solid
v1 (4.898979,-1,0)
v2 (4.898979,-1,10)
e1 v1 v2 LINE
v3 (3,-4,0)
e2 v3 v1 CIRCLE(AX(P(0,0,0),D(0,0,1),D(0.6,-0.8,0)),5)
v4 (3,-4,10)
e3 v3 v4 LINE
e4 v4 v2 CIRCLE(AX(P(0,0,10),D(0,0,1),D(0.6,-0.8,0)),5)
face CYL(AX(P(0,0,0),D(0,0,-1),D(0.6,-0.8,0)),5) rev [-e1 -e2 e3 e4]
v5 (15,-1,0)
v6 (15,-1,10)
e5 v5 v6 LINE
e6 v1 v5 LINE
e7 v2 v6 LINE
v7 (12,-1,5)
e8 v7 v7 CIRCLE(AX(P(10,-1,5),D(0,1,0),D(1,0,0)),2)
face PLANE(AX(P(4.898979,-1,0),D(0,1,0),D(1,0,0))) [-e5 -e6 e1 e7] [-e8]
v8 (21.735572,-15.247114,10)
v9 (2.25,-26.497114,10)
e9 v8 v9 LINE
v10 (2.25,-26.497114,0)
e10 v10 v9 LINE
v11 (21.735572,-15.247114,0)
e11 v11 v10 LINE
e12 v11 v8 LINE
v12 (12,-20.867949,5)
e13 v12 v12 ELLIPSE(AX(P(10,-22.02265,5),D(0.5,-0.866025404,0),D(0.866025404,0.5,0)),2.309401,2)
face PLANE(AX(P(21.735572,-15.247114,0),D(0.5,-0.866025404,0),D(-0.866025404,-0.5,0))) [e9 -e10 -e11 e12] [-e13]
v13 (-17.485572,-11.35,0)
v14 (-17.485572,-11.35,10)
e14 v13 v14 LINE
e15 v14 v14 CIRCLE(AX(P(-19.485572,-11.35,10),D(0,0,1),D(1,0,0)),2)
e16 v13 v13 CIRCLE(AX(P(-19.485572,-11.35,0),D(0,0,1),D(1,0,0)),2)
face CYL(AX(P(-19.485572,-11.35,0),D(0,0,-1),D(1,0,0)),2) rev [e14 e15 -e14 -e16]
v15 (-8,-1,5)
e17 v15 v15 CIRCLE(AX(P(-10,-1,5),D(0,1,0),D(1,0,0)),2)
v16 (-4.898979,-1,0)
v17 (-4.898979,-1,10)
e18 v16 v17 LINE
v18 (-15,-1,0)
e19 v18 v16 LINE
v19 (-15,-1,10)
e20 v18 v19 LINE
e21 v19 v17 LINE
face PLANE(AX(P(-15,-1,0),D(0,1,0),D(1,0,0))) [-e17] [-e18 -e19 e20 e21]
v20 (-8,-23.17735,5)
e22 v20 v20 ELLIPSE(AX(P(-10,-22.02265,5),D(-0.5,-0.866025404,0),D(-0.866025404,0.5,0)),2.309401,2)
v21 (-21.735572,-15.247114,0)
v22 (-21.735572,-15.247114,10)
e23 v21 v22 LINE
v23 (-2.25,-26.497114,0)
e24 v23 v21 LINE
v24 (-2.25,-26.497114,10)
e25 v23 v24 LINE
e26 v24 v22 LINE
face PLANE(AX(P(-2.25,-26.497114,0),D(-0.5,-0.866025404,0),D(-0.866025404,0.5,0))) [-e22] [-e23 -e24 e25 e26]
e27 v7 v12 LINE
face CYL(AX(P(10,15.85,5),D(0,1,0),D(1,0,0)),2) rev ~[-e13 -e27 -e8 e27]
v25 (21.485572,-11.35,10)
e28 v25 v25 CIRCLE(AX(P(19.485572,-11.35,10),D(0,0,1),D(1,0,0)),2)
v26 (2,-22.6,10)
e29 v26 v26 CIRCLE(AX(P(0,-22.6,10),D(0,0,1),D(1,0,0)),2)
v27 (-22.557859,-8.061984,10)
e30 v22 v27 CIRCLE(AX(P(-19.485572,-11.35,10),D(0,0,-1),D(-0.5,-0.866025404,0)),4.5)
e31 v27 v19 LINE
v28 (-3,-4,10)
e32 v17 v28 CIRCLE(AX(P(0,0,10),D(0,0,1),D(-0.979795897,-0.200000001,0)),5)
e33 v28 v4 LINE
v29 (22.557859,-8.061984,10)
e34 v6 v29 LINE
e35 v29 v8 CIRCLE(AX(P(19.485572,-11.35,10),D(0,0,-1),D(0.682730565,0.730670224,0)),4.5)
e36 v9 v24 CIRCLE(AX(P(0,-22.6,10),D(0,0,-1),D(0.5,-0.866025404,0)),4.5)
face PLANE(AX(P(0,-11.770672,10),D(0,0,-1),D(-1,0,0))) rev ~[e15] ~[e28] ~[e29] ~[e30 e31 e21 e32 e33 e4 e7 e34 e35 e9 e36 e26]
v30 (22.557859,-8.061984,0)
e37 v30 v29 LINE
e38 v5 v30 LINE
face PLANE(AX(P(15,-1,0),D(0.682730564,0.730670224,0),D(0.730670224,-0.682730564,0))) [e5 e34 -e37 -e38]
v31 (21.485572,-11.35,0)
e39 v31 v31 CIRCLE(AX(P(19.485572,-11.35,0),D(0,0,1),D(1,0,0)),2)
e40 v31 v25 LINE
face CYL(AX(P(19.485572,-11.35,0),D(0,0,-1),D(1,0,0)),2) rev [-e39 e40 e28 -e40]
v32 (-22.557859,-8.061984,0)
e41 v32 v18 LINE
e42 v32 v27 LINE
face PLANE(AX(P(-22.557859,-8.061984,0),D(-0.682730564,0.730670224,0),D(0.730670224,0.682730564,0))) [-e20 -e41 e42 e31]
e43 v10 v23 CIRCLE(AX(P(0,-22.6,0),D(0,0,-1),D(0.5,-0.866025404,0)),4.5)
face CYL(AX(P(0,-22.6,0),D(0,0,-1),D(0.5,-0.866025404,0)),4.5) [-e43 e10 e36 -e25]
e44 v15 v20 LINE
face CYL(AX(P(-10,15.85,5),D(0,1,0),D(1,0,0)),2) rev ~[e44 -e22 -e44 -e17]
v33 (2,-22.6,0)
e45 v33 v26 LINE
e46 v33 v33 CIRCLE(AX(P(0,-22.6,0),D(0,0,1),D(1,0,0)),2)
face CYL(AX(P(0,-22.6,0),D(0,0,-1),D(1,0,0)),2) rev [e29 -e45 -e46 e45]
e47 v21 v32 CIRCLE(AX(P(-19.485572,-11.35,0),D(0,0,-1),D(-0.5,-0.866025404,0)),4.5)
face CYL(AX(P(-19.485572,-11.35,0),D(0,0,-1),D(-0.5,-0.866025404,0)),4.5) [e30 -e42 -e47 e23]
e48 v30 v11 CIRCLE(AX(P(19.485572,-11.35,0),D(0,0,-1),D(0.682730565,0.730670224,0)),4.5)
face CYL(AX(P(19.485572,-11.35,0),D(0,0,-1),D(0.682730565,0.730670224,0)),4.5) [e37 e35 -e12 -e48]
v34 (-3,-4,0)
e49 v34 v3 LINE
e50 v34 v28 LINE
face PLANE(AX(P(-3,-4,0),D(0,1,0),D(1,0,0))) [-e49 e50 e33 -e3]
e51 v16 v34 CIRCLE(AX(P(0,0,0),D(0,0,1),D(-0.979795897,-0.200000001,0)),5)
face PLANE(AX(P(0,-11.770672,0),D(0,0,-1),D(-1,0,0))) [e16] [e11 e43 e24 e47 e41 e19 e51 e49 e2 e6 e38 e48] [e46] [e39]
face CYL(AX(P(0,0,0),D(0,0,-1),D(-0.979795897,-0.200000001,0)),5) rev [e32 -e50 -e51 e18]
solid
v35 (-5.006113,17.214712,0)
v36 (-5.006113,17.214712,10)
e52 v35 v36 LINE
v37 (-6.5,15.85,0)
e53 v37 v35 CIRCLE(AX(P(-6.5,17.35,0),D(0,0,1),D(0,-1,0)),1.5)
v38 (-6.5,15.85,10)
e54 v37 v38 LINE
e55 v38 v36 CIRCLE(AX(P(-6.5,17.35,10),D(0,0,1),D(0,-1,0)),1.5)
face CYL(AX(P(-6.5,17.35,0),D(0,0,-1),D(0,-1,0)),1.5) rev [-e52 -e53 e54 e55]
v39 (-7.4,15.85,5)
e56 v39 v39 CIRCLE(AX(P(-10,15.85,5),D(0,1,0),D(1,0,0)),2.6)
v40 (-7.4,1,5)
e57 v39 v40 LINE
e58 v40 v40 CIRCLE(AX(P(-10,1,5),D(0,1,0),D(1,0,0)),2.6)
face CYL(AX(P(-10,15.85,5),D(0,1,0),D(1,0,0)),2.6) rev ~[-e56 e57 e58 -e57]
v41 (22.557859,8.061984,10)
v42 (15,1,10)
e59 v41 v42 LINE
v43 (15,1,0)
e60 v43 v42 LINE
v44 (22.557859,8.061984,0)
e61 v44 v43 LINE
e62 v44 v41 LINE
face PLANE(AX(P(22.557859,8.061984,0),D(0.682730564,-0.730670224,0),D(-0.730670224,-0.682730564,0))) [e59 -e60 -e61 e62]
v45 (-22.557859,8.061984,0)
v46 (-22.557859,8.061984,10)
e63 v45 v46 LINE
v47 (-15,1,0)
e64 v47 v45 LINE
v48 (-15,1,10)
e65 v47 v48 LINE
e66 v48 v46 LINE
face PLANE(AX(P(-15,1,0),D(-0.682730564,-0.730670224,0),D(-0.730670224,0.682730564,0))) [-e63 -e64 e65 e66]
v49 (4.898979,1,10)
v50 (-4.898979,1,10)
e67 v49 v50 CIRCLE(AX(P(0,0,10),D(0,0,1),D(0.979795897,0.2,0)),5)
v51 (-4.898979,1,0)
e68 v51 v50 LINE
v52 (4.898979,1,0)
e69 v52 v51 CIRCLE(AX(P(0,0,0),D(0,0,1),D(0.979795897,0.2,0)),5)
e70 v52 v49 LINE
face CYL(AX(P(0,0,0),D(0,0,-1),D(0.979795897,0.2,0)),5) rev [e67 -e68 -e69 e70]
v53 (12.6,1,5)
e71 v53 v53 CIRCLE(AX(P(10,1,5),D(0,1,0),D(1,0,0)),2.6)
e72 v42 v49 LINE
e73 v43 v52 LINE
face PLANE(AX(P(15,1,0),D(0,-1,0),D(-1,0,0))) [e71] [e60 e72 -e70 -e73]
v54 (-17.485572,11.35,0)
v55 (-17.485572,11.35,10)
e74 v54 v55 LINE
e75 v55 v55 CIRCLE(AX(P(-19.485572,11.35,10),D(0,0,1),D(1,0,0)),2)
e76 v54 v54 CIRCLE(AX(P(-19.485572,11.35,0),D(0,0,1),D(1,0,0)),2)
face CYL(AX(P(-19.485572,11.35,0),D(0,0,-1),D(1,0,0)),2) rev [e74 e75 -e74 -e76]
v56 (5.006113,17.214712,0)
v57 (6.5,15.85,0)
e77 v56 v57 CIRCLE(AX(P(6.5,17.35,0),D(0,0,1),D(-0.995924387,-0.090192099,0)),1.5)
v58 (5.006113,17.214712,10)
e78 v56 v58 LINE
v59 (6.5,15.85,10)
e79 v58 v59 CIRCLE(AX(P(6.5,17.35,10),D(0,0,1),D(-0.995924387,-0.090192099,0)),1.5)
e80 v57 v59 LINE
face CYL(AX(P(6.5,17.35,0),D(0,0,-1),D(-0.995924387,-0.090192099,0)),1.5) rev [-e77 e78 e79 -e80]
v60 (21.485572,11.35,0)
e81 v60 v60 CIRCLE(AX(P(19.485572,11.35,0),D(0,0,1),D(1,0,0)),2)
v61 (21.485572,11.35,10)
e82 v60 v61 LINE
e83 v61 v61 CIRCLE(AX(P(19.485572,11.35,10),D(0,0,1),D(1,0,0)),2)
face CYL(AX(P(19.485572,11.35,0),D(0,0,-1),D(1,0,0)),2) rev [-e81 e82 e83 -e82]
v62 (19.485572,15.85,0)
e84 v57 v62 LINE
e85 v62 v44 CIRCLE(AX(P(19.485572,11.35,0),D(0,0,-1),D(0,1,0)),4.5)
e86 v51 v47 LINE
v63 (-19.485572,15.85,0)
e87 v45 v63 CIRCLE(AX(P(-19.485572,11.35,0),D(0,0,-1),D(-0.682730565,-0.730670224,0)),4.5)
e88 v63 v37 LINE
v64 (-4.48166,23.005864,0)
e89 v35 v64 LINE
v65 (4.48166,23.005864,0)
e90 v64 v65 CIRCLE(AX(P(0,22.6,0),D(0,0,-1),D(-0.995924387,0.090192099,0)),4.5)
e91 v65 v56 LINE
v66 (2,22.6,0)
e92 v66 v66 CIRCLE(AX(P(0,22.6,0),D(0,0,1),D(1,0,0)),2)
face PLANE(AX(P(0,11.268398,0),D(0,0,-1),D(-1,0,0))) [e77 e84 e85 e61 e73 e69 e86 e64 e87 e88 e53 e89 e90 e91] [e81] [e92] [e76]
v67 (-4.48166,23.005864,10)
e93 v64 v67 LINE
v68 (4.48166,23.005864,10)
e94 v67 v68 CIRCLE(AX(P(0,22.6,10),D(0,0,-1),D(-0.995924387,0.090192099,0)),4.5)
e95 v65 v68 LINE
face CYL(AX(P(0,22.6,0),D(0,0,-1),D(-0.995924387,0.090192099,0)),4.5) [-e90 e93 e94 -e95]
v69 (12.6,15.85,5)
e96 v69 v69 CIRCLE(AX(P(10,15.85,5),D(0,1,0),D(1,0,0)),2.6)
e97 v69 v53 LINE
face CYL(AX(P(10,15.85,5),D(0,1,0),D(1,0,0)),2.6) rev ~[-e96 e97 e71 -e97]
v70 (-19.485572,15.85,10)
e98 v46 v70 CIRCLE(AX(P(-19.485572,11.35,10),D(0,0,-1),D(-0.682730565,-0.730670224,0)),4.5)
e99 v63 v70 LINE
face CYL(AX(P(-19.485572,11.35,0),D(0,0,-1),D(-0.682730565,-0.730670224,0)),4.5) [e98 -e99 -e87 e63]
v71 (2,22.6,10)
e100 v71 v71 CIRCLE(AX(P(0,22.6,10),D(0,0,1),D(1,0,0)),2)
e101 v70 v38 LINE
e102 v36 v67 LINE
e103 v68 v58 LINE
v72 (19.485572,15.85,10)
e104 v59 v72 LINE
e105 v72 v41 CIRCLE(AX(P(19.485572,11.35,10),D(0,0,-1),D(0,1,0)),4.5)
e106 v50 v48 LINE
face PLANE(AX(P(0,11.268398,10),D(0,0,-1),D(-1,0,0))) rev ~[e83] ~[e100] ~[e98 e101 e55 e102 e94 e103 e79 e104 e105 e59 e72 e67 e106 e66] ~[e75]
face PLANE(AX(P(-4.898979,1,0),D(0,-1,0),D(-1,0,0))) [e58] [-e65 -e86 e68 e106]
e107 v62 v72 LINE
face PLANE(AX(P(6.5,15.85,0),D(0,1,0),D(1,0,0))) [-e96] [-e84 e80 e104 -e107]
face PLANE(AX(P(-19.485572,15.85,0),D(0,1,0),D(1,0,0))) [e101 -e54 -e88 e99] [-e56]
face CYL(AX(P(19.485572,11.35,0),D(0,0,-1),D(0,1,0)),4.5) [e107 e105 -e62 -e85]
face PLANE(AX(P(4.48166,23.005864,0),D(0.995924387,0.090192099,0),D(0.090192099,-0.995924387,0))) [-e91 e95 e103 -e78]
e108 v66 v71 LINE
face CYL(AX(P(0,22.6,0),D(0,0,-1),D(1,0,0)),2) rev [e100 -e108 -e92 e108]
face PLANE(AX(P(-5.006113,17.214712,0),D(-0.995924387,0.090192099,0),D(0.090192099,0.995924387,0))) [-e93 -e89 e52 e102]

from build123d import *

# Parameters (mm, degrees)
SKETCH_1_R          = 2
EXTRUDE_1_DEPTH     = 10
EXTRUDE_1_2_DEPTH   = 10
SKETCH_2_R          = 2.6
CUT_EXTRUDE_1_DEPTH = 14.85
SKETCH_3_R          = 2
CUT_EXTRUDE_2_DEPTH = 43.95


with BuildPart() as part:
    # 草图1 → 凸台-拉伸1 (new body)
    with BuildSketch(Plane.XY):
        with BuildLine():
            Line((-3, -4), (3, -4))
            ThreePointArc((3, -4), (4.224744871, -2.674234614), (4.898979486, -1))
            Line((4.898979486, -1), (15, -1))
            Line((15, -1), (22.557859125, -8.061983991))
            ThreePointArc((22.557859125, -8.061983991), (23.956389252, -11.861653581), (21.735571585, -15.247114317))
            Line((21.735571585, -15.247114317), (2.25, -26.497114317))
            ThreePointArc((2.25, -26.497114317), (0, -27.1), (-2.25, -26.497114317))
            Line((-2.25, -26.497114317), (-21.735571585, -15.247114317))
            ThreePointArc((-21.735571585, -15.247114317), (-23.956389252, -11.861653581), (-22.557859125, -8.061983991))
            Line((-22.557859125, -8.061983991), (-15, -1))
            Line((-15, -1), (-4.898979486, -1))
            ThreePointArc((-4.898979486, -1), (-4.224744871, -2.674234614), (-3, -4))
        make_face()
        with Locations((-19.485571585, -11.35)):
            Circle(SKETCH_1_R, mode=Mode.SUBTRACT)
        with Locations((0, -22.6)):
            Circle(SKETCH_1_R, mode=Mode.SUBTRACT)
        with Locations((19.485571585, -11.35)):
            Circle(SKETCH_1_R, mode=Mode.SUBTRACT)
    extrude(amount=EXTRUDE_1_DEPTH)

    # 草图3 → 切除-拉伸2 (cut, through all)
    with BuildSketch(Plane(origin=(0, 15.85, 0), x_dir=(1, 0, 0), z_dir=(0, 1, 0))):
        with Locations((-10, -5)):
            Circle(SKETCH_3_R)
        with Locations((10, -5)):
            Circle(SKETCH_3_R)
    extrude(amount=-CUT_EXTRUDE_2_DEPTH, mode=Mode.SUBTRACT)


with BuildPart() as body_2:
    # 草图1 → Extrude 1 2 (new body)
    with BuildSketch(Plane.XY):
        with BuildLine():
            Line((-15, 1), (-22.557859125, 8.061983991))
            ThreePointArc((-22.557859125, 8.061983991), (-23.671624143, 13.001352167), (-19.485571585, 15.85))
            Line((-19.485571585, 15.85), (-6.5, 15.85))
            ThreePointArc((-6.5, 15.85), (-5.488301483, 16.242540696), (-5.006113419, 17.214711852))
            Line((-5.006113419, 17.214711852), (-4.481659743, 23.005864444))
            ThreePointArc((-4.481659743, 23.005864444), (0, 27.1), (4.481659743, 23.005864444))
            Line((4.481659743, 23.005864444), (5.006113419, 17.214711852))
            ThreePointArc((5.006113419, 17.214711852), (5.488301483, 16.242540696), (6.5, 15.85))
            Line((6.5, 15.85), (19.485571585, 15.85))
            ThreePointArc((19.485571585, 15.85), (23.671624143, 13.001352167), (22.557859125, 8.061983991))
            Line((22.557859125, 8.061983991), (15, 1))
            Line((15, 1), (4.898979486, 1))
            ThreePointArc((4.898979486, 1), (0, 5), (-4.898979486, 1))
            Line((-4.898979486, 1), (-15, 1))
        make_face()
        with Locations((-19.485571585, 11.35)):
            Circle(SKETCH_1_R, mode=Mode.SUBTRACT)
        with Locations((0, 22.6)):
            Circle(SKETCH_1_R, mode=Mode.SUBTRACT)
        with Locations((19.485571585, 11.35)):
            Circle(SKETCH_1_R, mode=Mode.SUBTRACT)
    extrude(amount=EXTRUDE_1_2_DEPTH)

    # 草图2 → 切除-拉伸1 (cut)
    with BuildSketch(Plane(origin=(0, 15.85, 0), x_dir=(1, 0, 0), z_dir=(0, 1, 0))):
        with Locations((-10, -5)):
            Circle(SKETCH_2_R)
        with Locations((10, -5)):
            Circle(SKETCH_2_R)
    extrude(amount=-CUT_EXTRUDE_1_DEPTH, mode=Mode.SUBTRACT)


solid = Compound([part.part, body_2.part])
